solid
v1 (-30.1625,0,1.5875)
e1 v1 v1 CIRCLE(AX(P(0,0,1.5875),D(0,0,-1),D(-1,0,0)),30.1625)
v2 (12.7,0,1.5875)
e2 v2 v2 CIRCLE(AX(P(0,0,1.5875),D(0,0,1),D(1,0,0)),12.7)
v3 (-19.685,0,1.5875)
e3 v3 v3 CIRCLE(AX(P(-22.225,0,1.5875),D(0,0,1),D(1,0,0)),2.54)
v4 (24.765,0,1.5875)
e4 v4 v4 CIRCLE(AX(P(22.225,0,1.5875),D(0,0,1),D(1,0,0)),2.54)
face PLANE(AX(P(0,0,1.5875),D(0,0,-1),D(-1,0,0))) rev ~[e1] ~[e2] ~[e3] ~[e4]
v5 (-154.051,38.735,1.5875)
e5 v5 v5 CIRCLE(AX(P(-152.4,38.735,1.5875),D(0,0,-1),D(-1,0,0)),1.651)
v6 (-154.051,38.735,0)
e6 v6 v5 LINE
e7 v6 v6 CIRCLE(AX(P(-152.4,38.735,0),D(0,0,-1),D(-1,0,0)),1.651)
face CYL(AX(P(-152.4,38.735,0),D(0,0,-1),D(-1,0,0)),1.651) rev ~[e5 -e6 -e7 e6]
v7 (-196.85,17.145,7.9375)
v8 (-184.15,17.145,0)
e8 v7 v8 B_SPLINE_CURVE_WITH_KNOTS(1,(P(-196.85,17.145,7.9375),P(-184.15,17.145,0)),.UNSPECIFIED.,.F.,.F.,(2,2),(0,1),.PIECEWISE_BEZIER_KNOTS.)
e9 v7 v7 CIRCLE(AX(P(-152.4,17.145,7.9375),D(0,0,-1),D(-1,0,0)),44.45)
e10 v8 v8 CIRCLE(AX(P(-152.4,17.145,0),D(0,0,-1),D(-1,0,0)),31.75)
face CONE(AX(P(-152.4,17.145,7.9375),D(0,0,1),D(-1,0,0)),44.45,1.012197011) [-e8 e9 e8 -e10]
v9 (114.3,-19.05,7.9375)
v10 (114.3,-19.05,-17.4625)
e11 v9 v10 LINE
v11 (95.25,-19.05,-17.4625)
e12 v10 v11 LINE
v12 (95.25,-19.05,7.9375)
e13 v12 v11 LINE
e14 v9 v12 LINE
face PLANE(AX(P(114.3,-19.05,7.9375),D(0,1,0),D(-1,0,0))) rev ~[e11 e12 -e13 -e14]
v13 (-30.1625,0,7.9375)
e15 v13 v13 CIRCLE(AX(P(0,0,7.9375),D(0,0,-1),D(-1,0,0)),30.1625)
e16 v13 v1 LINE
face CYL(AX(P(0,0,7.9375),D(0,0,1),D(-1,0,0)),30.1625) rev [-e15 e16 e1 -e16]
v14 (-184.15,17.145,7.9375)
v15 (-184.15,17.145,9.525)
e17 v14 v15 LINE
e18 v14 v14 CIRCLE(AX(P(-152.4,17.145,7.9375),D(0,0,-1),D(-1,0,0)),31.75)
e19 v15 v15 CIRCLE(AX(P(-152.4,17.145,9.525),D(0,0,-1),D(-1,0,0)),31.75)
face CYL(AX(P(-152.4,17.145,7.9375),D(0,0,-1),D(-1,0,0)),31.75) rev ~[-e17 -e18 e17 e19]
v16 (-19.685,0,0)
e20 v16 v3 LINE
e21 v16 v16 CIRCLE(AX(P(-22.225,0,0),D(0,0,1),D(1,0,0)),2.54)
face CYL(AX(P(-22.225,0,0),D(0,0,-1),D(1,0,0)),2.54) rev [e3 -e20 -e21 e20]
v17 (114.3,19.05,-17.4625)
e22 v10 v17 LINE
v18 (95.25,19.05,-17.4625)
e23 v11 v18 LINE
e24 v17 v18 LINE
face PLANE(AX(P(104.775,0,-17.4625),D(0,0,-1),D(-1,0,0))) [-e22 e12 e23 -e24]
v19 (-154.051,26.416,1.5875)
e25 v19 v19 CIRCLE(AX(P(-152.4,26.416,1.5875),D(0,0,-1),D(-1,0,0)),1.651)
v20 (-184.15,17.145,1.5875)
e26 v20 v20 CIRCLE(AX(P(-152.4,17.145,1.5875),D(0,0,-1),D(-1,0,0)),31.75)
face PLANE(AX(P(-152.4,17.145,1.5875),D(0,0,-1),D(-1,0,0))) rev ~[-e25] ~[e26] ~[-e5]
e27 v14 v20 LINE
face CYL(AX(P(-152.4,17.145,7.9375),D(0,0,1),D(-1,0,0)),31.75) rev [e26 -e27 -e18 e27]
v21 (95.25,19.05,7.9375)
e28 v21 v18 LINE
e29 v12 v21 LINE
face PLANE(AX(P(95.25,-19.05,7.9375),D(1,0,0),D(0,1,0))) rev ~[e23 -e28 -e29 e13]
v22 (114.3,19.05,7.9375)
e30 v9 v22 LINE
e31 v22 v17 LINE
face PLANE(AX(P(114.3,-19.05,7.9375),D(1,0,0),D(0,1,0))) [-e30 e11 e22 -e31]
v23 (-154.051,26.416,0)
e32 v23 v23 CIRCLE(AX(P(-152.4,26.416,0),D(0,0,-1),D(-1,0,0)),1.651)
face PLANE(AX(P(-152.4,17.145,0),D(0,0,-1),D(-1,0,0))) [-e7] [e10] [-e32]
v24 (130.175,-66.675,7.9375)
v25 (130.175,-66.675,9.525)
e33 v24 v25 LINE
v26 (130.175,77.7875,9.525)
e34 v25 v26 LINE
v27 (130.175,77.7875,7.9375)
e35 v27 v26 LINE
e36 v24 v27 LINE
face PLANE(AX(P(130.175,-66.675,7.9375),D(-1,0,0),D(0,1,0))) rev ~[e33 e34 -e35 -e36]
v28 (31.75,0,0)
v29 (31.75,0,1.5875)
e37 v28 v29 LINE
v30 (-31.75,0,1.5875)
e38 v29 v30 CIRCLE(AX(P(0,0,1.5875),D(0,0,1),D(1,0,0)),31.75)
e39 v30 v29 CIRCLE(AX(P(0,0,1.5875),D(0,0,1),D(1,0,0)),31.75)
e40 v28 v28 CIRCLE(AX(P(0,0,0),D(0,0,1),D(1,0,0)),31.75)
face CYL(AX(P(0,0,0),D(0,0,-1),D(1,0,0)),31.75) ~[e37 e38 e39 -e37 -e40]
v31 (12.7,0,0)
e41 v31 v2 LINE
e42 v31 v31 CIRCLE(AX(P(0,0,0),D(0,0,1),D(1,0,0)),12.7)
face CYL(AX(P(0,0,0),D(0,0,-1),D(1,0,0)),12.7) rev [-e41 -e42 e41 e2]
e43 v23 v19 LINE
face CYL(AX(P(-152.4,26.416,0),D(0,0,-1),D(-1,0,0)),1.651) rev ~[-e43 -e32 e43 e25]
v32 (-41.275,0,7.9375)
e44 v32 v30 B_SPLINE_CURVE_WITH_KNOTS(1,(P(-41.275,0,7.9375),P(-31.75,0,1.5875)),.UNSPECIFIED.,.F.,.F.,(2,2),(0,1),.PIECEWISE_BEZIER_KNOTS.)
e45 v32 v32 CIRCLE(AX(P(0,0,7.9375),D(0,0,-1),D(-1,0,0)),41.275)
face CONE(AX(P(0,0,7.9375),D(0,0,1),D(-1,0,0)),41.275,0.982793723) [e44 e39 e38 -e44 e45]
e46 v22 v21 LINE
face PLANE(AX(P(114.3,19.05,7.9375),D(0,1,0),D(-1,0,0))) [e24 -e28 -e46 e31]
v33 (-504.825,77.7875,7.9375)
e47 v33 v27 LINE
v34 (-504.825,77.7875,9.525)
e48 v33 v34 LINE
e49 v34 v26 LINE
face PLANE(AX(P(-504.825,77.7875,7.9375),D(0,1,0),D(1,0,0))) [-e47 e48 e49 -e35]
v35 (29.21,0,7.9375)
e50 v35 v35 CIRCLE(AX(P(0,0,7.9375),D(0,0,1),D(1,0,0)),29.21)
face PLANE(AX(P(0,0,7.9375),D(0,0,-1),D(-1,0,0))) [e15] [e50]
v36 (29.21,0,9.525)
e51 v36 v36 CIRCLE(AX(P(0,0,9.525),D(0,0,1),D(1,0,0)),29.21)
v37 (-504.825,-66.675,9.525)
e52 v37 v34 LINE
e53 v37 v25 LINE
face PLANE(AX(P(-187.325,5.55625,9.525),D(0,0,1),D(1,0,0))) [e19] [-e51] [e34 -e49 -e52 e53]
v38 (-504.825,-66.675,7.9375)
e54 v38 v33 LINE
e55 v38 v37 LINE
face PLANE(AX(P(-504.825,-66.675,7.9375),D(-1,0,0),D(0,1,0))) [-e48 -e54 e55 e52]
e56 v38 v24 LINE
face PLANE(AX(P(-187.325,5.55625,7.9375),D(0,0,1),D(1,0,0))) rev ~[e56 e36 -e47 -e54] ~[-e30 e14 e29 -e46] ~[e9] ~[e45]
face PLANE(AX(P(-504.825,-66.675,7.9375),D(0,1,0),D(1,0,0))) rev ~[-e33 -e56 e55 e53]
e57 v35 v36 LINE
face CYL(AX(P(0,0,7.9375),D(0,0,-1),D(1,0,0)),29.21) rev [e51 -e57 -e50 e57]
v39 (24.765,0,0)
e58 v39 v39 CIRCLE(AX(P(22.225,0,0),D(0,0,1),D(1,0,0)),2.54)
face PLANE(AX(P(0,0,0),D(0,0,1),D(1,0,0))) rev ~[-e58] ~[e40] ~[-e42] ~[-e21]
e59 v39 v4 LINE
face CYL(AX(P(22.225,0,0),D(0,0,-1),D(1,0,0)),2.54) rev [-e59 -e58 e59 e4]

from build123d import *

# Parameters (mm, degrees)
SKETCH1_R               = 31.75
SKETCH1_R_2             = 12.7
SKETCH1_R_3             = 2.54
BOSS_EXTRUDE1_DEPTH     = 1.5875
SKETCH3_W               = 635
SKETCH3_H               = 144.4625
SKETCH3_R               = 29.21
BOSS_EXTRUDE2_DEPTH     = 1.5875
SKETCH4_R               = 41.275
SKETCH5_R               = 31.75
SKETCH6_R               = 30.1625
TIMER_HOLE_DEPTH        = 6.35
SKETCH7_W               = 19.05
SKETCH7_H               = 38.1
SOAK_LIGHT_DEPTH        = 25.4
SKETCH8_R               = 44.45
SKETCH9_R               = 31.75
SKETCH10_R              = 31.75
CUT_EXTRUDE1_DEPTH      = 6.35
CUT_EXTRUDE1_DEPTH_BACK = 2.5875
SKETCH11_R              = 1.651
CUT_EXTRUDE2_DEPTH      = 10.525


with BuildPart() as part:
    # Sketch1 → Boss-Extrude1 (new body)
    with BuildSketch(Plane.XY):
        Circle(SKETCH1_R)
        Circle(SKETCH1_R_2, mode=Mode.SUBTRACT)
        with Locations((-22.225, 0)):
            Circle(SKETCH1_R_3, mode=Mode.SUBTRACT)
        with Locations((22.225, 0)):
            Circle(SKETCH1_R_3, mode=Mode.SUBTRACT)
    extrude(amount=BOSS_EXTRUDE1_DEPTH)



with BuildPart() as body_2:
    # Sketch3 → Boss-Extrude2 (new body)
    with BuildSketch(Plane.XY.offset(7.9375)):
        with Locations((-187.325, 5.55625)):
            Rectangle(SKETCH3_W, SKETCH3_H)
        Circle(SKETCH3_R, mode=Mode.SUBTRACT)
    extrude(amount=BOSS_EXTRUDE2_DEPTH)


with BuildPart() as part_1:
    add(part.part)

    add(body_2.part)  # Loft1 merges body 2
    # Sketch4 → Loft1 section 0
    with BuildSketch(Plane(origin=(0, 0, 7.9375), x_dir=(-1, 0, 0), z_dir=(0, 0, -1))):
        Circle(SKETCH4_R)
    # Sketch5 → Loft1 section 1
    with BuildSketch(Plane(origin=(0, 0, 1.5875), x_dir=(-1, 0, 0), z_dir=(0, 0, -1))):
        Circle(SKETCH5_R)
    loft()

    # Sketch6 → Timer hole (cut)
    with BuildSketch(Plane(origin=(0, 0, 7.9375), x_dir=(-1, 0, 0), z_dir=(0, 0, -1))):
        Circle(SKETCH6_R)
    extrude(amount=TIMER_HOLE_DEPTH, mode=Mode.SUBTRACT)

    # Sketch7 → Soak light (add)
    with BuildSketch(Plane(origin=(0, 0, 7.9375), x_dir=(-1, 0, 0), z_dir=(0, 0, -1))):
        with Locations((-104.775, 0)):
            Rectangle(SKETCH7_W, SKETCH7_H)
    extrude(amount=SOAK_LIGHT_DEPTH)

    # Sketch8 → spare mount section 0
    with BuildSketch(Plane(origin=(0, 0, 7.9375), x_dir=(-1, 0, 0), z_dir=(0, 0, -1))):
        with Locations((152.4, 17.145)):
            Circle(SKETCH8_R)
    # Sketch9 → spare mount section 1
    with BuildSketch(Plane(origin=(0, 0, 0), x_dir=(-1, 0, 0), z_dir=(0, 0, -1))):
        with Locations((152.4, 17.145)):
            Circle(SKETCH9_R)
    loft()

    # Sketch10 → Cut-Extrude1 (cut, two sides)
    with BuildSketch(Plane(origin=(0, 0, 7.9375), x_dir=(-1, 0, 0), z_dir=(0, 0, -1))) as cut_extrude1_sk:
        with Locations((152.4, 17.145)):
            Circle(SKETCH10_R)
    extrude(amount=CUT_EXTRUDE1_DEPTH, mode=Mode.SUBTRACT)
    extrude(cut_extrude1_sk.sketch, amount=-CUT_EXTRUDE1_DEPTH_BACK, mode=Mode.SUBTRACT)

    # Sketch11 → Cut-Extrude2 (cut, through all)
    with BuildSketch(Plane(origin=(0, 0, 0), x_dir=(-1, 0, 0), z_dir=(0, 0, -1))):
        with Locations((152.4, 26.416)):
            Circle(SKETCH11_R)
        with Locations((152.4, 38.735)):
            Circle(SKETCH11_R)
    extrude(amount=-CUT_EXTRUDE2_DEPTH, mode=Mode.SUBTRACT)


solid = part_1.part
